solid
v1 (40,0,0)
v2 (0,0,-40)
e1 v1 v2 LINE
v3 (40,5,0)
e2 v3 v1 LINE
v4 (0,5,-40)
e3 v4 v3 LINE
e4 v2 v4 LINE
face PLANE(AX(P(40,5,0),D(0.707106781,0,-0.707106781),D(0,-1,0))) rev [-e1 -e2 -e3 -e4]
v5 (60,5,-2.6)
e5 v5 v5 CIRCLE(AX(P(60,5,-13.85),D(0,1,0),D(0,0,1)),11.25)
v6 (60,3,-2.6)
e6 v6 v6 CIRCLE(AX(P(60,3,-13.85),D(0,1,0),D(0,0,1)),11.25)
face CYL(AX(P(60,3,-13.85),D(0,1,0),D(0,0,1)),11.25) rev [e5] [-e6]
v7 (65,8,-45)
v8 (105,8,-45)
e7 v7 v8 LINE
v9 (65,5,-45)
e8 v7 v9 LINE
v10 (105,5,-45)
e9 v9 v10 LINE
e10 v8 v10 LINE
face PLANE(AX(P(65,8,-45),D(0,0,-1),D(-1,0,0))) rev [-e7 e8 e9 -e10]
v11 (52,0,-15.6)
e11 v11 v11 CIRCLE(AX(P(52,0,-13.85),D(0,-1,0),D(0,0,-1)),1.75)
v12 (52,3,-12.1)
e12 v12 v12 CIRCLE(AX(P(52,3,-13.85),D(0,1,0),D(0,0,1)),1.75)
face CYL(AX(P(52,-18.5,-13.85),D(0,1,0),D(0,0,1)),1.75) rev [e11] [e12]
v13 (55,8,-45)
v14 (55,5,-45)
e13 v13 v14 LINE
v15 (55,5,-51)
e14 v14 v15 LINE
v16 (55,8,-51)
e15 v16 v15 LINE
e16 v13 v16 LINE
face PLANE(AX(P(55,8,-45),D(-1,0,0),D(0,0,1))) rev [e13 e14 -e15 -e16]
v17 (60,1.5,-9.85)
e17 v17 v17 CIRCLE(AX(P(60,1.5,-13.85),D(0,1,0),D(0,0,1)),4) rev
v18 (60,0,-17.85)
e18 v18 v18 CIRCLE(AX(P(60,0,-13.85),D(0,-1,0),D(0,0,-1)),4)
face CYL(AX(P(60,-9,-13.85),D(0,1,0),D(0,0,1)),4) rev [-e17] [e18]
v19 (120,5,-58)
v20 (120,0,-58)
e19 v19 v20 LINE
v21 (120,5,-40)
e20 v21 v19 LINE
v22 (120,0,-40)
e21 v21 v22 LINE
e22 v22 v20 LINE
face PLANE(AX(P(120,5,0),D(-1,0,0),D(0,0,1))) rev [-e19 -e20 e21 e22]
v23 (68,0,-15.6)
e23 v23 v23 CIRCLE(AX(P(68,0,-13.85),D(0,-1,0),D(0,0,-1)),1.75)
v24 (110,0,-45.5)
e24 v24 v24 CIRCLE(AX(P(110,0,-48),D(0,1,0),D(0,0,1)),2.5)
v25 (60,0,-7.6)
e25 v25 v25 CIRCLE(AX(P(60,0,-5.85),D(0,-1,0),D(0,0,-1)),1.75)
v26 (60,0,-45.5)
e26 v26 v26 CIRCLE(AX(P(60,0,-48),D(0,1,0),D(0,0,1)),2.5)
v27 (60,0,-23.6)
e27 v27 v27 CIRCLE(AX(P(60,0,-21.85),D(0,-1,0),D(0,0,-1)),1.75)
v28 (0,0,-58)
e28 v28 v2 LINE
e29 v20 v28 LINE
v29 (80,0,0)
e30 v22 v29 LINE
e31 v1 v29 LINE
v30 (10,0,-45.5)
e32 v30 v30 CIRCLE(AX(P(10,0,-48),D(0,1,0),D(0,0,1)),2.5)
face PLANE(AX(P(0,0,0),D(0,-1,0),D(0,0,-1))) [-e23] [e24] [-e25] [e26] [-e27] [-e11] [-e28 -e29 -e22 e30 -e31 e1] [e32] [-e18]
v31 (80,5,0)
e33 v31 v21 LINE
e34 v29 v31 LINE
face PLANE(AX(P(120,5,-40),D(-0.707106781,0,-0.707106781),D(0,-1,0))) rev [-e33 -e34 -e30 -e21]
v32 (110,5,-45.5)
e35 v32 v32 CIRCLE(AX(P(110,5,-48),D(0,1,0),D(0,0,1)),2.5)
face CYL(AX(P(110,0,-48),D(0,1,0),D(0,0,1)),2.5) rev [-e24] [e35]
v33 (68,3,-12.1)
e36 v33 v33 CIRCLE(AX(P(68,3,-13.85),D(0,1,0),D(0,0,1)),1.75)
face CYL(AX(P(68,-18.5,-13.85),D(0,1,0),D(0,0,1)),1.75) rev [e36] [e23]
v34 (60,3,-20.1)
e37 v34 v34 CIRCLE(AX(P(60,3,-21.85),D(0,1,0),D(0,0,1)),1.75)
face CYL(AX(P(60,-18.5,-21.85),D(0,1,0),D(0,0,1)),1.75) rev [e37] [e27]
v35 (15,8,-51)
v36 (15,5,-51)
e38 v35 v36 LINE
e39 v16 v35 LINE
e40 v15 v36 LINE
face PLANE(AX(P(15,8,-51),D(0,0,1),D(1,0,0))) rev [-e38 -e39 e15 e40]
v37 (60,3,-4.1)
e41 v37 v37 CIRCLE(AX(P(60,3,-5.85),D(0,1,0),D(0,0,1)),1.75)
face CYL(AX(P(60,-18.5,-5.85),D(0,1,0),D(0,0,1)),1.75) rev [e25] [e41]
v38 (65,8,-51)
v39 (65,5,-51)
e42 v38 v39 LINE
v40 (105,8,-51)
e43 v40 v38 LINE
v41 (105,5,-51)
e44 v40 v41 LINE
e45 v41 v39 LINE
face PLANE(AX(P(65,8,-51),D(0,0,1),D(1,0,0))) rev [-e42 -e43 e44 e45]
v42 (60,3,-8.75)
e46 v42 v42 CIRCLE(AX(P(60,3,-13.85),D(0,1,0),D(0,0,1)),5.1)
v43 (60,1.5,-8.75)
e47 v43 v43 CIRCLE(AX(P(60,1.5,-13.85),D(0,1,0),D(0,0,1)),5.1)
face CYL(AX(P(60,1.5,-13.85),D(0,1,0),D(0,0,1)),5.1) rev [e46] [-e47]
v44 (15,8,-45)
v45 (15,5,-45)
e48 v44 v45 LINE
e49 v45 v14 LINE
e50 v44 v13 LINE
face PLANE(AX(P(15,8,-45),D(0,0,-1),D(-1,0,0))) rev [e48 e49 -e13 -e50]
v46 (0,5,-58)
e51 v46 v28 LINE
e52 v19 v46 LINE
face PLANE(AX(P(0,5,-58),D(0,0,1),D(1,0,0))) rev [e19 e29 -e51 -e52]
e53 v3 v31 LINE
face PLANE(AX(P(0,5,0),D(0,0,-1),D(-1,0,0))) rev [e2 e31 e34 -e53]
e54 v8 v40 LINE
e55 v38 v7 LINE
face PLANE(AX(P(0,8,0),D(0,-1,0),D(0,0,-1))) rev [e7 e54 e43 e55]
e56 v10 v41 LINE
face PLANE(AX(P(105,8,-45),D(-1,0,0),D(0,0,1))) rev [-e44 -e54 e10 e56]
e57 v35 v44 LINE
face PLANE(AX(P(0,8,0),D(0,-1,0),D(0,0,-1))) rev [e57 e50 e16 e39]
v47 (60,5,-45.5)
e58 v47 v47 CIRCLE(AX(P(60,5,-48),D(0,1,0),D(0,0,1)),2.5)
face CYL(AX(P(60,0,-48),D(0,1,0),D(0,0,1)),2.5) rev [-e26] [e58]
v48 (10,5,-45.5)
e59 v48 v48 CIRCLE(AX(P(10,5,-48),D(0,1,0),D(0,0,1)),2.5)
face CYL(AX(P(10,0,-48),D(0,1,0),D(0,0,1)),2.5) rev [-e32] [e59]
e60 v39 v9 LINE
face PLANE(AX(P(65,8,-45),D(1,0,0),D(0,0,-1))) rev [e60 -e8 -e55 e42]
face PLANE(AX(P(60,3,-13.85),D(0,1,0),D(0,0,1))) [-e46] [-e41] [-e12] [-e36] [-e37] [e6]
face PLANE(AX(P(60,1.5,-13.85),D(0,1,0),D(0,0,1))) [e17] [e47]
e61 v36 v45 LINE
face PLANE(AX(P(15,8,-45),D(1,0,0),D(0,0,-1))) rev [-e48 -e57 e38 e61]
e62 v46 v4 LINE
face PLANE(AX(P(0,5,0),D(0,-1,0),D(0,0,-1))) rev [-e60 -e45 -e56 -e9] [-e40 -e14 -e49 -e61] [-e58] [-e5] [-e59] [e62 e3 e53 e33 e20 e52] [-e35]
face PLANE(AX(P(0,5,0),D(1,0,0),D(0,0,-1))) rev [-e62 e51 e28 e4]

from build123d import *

# Parameters (mm, degrees)
SKETCH1_W           = 120
SKETCH1_H           = 58
BOSS_EXTRUDE5_DEPTH = 5
SKETCH5_R           = 2.5
CUT_EXTRUDE2_DEPTH  = 5
SKETCH6_W           = 40
SKETCH6_H           = 6
BOSS_EXTRUDE6_DEPTH = 3
SKETCH7_R           = 11.25
CUT_EXTRUDE3_DEPTH  = 2
SKETCH8_R           = 4
CUT_EXTRUDE4_DEPTH  = 12
SKETCH9_R           = 5.1
CUT_EXTRUDE5_DEPTH  = 1.5
SKETCH10_R          = 1.75
CUT_EXTRUDE6_DEPTH  = 21.5
CHAMFER1_SIZE       = 40


with BuildPart() as part:
    # Sketch1 → Boss-Extrude5 (new body)
    with BuildSketch(Plane(origin=(0, 0, 0), x_dir=(1, 0, 0), z_dir=(0, 1, 0))):
        with Locations((60, 29)):
            Rectangle(SKETCH1_W, SKETCH1_H)
    extrude(amount=BOSS_EXTRUDE5_DEPTH)

    # Sketch5 → Cut-Extrude2 (cut)
    with BuildSketch(Plane(origin=(0, 5, 0), x_dir=(1, 0, 0), z_dir=(0, 1, 0))):
        with Locations(Location((10, 48, 0), (0, 0, 270))):
            Circle(SKETCH5_R)
        with Locations(Location((60, 48, 0), (0, 0, 270))):
            Circle(SKETCH5_R)
        with Locations(Location((110, 48, 0), (0, 0, 270))):
            Circle(SKETCH5_R)
    extrude(amount=-CUT_EXTRUDE2_DEPTH, mode=Mode.SUBTRACT)

    # Sketch6 → Boss-Extrude6 (add)
    with BuildSketch(Plane(origin=(0, 5, 0), x_dir=(1, 0, 0), z_dir=(0, 1, 0))):
        with Locations((35, 48)):
            Rectangle(SKETCH6_W, SKETCH6_H)
        with Locations((85, 48)):
            Rectangle(SKETCH6_W, SKETCH6_H)
    extrude(amount=BOSS_EXTRUDE6_DEPTH)

    # Sketch7 → Cut-Extrude3 (cut)
    with BuildSketch(Plane(origin=(0, 5, 0), x_dir=(1, 0, 0), z_dir=(0, 1, 0))):
        with Locations(Location((60, 13.85, 0), (0, 0, 270))):
            Circle(SKETCH7_R)
    extrude(amount=-CUT_EXTRUDE3_DEPTH, mode=Mode.SUBTRACT)

    # Sketch8 → Cut-Extrude4 (cut)
    with BuildSketch(Plane(origin=(0, 3, 0), x_dir=(1, 0, 0), z_dir=(0, 1, 0))):
        with Locations(Location((60, 13.85, 0), (0, 0, 270))):
            Circle(SKETCH8_R)
    extrude(amount=-CUT_EXTRUDE4_DEPTH, mode=Mode.SUBTRACT)

    # Sketch9 → Cut-Extrude5 (cut)
    with BuildSketch(Plane(origin=(0, 3, 0), x_dir=(1, 0, 0), z_dir=(0, 1, 0))):
        with Locations(Location((60, 13.85, 0), (0, 0, 270))):
            Circle(SKETCH9_R)
    extrude(amount=-CUT_EXTRUDE5_DEPTH, mode=Mode.SUBTRACT)

    # Sketch10 → Cut-Extrude6 (cut)
    with BuildSketch(Plane(origin=(0, 3, 0), x_dir=(1, 0, 0), z_dir=(0, 1, 0))):
        with Locations(Location((52, 13.85, 0), (0, 0, 270))):
            Circle(SKETCH10_R)
        with Locations(Location((60, 21.85, 0), (0, 0, 270))):
            Circle(SKETCH10_R)
        with Locations(Location((68, 13.85, 0), (0, 0, 270))):
            Circle(SKETCH10_R)
        with Locations(Location((60, 5.85, 0), (0, 0, 270))):
            Circle(SKETCH10_R)
    extrude(amount=-CUT_EXTRUDE6_DEPTH, mode=Mode.SUBTRACT)

    # Chamfer1
    chamfer1_edges = [part.edges().sort_by_distance(p)[0] for p in [
        (120, 2.5, 0),
        (0, 2.5, 0),
    ]]
    chamfer(chamfer1_edges, length=CHAMFER1_SIZE)


solid = part.part
